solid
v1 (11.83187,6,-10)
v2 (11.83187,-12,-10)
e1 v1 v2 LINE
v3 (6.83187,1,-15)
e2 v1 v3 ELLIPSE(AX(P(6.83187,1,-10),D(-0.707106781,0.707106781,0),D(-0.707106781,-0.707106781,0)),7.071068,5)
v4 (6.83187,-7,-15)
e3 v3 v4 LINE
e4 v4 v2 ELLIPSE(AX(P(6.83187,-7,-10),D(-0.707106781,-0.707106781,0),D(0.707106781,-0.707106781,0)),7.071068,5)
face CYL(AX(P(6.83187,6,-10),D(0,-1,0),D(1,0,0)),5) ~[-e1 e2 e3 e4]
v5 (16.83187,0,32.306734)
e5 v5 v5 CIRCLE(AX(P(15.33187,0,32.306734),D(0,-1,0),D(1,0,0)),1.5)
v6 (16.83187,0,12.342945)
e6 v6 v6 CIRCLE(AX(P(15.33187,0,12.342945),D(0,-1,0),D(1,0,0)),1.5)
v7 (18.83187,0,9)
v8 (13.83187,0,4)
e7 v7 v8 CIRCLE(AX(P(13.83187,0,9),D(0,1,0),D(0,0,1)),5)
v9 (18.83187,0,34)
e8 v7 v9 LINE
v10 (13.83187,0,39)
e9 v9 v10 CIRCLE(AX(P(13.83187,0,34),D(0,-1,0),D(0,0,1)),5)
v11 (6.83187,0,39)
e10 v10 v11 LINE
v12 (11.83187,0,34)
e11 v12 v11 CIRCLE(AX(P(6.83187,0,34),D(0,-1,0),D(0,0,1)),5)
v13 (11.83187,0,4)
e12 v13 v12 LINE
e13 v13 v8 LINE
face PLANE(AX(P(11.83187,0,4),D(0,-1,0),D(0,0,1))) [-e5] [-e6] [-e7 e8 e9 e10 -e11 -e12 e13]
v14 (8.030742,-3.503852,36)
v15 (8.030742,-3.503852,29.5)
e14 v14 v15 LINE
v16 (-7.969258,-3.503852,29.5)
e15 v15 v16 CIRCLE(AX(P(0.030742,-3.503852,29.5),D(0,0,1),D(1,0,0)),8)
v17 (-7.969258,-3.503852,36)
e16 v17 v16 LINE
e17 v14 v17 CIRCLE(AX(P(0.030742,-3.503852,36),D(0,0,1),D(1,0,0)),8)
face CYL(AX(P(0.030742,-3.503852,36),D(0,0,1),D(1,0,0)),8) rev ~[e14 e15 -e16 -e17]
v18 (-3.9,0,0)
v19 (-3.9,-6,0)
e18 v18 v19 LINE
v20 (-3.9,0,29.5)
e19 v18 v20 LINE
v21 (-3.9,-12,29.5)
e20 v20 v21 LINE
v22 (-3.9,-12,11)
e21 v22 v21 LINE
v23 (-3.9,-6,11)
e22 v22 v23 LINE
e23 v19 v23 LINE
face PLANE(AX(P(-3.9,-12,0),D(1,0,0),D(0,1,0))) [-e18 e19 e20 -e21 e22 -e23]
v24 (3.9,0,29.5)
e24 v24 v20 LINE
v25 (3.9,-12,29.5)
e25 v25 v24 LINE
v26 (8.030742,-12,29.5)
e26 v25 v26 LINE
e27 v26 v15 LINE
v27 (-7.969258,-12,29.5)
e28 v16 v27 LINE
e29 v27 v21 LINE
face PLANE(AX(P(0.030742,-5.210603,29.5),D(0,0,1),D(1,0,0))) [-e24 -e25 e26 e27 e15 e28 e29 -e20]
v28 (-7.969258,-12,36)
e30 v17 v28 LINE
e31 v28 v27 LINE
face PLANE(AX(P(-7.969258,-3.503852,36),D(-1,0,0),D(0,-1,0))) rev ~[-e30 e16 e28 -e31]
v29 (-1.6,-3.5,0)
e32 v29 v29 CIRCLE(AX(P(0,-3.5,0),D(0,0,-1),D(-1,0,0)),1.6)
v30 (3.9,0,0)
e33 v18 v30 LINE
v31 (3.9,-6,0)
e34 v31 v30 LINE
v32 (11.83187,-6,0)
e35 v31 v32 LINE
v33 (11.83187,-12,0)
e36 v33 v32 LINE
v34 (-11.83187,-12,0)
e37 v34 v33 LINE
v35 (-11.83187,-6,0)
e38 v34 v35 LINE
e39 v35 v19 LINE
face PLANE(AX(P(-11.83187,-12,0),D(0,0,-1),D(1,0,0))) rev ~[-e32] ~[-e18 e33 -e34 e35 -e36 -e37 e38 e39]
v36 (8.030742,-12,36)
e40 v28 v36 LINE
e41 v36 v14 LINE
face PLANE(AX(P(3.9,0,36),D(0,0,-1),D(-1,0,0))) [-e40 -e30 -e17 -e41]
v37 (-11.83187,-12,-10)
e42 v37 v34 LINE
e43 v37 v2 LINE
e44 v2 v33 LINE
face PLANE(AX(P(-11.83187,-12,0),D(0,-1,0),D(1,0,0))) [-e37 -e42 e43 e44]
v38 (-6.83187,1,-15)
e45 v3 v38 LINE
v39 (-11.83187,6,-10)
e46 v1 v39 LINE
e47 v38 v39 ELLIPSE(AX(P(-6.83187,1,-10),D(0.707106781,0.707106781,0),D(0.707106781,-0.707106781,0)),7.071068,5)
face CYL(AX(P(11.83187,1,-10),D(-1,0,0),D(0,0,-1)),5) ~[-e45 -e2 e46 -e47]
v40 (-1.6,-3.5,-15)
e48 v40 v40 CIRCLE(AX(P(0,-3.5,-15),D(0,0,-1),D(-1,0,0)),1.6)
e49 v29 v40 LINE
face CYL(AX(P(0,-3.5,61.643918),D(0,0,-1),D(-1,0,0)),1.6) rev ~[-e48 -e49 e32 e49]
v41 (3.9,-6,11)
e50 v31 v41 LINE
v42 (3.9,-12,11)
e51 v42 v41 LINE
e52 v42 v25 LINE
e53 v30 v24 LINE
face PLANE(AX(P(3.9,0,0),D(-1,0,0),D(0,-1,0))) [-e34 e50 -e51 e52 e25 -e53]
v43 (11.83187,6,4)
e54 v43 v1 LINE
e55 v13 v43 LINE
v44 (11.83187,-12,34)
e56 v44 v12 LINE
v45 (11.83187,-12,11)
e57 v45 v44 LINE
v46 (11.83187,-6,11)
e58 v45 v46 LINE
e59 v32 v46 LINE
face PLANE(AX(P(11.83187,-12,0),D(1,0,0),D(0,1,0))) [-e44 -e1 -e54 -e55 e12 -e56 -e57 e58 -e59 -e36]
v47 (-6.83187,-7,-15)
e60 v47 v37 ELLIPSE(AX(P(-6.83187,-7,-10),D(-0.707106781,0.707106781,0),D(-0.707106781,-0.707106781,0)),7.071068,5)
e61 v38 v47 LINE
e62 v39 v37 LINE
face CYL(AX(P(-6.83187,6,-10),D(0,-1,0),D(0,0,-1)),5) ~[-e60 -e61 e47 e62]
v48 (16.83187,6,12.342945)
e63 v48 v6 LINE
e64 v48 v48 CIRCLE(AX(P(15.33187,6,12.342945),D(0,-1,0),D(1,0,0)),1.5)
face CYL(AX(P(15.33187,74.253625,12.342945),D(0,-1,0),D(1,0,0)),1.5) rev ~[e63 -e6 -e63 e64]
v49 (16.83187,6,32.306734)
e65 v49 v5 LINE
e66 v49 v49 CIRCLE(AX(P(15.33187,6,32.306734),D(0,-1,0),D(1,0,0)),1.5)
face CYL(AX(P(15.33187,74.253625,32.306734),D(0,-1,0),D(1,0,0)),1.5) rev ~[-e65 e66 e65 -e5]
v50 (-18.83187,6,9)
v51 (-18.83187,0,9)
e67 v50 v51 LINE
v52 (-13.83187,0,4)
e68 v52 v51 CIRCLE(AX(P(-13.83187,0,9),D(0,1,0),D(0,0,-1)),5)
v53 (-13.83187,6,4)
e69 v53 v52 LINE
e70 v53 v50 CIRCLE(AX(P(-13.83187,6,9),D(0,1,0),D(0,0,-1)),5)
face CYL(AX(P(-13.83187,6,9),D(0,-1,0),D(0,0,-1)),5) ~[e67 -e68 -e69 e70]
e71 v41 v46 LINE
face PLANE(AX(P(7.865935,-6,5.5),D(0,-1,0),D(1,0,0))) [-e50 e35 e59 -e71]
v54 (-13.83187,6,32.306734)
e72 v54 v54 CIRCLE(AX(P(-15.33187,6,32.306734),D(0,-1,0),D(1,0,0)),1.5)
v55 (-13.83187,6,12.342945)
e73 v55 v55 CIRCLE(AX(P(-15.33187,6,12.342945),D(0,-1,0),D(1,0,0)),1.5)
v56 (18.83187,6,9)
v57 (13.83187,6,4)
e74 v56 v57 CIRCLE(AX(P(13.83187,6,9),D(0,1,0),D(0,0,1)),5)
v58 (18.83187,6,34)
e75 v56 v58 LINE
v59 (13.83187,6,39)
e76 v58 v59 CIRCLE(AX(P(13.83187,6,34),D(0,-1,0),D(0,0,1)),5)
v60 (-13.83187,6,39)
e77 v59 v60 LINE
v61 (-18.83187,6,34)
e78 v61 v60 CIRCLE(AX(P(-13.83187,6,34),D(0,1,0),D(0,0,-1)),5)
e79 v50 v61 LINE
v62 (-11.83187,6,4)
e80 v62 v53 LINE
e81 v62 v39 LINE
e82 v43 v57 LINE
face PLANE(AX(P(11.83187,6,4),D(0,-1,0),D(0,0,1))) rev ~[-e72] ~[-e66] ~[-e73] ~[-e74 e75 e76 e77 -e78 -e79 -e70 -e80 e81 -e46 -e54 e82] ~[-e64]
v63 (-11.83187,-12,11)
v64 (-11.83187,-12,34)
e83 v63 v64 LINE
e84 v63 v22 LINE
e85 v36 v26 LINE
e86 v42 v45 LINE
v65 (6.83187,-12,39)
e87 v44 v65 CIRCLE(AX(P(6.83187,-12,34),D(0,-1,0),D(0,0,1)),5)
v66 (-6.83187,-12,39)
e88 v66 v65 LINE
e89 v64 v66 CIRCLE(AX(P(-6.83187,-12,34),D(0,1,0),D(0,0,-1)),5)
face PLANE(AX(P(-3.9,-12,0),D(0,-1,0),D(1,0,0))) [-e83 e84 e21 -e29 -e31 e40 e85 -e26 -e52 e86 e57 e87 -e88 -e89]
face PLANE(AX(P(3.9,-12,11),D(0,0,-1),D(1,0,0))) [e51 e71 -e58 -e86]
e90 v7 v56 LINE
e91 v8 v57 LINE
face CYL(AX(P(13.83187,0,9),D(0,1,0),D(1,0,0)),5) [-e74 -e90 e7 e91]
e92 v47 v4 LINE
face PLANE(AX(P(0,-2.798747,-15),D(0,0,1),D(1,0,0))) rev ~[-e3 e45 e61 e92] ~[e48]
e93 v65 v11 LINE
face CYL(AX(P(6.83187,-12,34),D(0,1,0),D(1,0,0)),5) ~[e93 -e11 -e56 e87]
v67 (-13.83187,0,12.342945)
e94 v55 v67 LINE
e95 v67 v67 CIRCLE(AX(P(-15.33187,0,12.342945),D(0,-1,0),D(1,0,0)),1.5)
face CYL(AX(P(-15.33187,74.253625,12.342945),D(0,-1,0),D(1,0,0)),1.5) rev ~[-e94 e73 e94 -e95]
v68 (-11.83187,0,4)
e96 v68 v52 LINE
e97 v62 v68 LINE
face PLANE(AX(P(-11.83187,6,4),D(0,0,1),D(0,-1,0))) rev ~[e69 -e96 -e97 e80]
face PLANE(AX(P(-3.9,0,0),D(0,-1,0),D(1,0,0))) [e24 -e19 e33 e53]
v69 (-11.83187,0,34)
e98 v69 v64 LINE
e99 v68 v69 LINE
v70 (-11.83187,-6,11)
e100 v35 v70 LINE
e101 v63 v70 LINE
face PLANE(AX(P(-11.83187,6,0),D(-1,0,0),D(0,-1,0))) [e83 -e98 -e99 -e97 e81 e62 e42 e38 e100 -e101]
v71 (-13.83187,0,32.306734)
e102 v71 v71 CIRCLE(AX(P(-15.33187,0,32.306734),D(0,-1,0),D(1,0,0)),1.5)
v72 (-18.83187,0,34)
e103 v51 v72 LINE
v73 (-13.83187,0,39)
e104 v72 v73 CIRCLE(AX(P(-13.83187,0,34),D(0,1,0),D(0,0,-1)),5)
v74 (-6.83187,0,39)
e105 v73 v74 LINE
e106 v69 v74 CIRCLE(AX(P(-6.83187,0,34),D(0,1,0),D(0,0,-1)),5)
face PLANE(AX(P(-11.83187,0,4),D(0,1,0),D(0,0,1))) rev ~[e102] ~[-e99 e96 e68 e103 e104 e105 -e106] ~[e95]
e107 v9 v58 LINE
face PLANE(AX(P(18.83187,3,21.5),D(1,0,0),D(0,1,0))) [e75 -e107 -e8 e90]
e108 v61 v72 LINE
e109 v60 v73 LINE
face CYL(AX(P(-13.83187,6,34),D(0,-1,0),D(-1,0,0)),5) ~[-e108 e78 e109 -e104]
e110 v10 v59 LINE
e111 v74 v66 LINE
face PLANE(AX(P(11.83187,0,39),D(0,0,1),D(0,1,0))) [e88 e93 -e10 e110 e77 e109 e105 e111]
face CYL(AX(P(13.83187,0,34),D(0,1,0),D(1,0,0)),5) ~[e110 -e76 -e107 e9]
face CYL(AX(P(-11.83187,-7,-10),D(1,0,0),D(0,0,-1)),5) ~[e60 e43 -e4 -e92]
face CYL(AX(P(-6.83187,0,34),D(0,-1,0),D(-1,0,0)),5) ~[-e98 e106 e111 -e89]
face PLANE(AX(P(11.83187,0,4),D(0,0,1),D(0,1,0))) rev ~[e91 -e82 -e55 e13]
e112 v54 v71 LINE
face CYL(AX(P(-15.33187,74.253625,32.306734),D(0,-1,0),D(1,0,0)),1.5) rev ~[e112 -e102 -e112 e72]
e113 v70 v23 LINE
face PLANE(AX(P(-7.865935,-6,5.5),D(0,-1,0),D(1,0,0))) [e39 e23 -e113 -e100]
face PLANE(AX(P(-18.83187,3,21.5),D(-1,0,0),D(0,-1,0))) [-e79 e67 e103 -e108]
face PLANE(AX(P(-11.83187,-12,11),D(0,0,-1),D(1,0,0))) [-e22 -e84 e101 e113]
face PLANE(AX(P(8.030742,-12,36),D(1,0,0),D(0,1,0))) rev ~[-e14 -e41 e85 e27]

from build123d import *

# Parameters (mm, degrees)
F1_DEPTH      = 39
F1_DEPTH_BACK = 15
F2_W          = 23.6637403975
F2_H          = 12
F3_DEPTH      = 15
F4_D          = 3.2
F5_W          = 7.9318701987
F5_H          = 11
F6_DEPTH      = 6
F9_DEPTH      = 6.5
F10_DEPTH     = 12
F11_W         = 6
F11_H         = 35
F12_DEPTH     = 7
F13_W         = 6
F13_H         = 35
F14_DEPTH     = 7
F15_R         = 5
F16_R         = 5
F18_D         = 3


with BuildPart() as f1:
    # F0 (on Top) → F1 (new body, two sides)
    with BuildSketch(Plane.XY) as f1_sk:
        Polygon((-11.8318701987, 6), (-11.8318701987, 0), (-11.8318701987, -2.6806737598), (-11.8318701987, -12), (-3.9, -12), (-3.9, 0), (0, 0), (3.9, 0), (3.9, -12), (11.8318701987, -12), (11.8318701987, -2.6806737598), (11.8318701987, 0), (11.8318701987, 6), (0, 6), align=None)
    extrude(amount=F1_DEPTH)
    extrude(f1_sk.sketch, amount=-F1_DEPTH_BACK)

    # F2 (on Top) → F3 (join, through all)
    with BuildSketch(Plane.XY):
        with Locations((0, -6)):
            Rectangle(F2_W, F2_H)
    extrude(amount=-F3_DEPTH)

    # F4 (through all)
    with Locations(Plane.XY):
        with Locations((0, -3.5)):
            Hole(F4_D / 2)

    # F5 (on face) → F6 (cut)
    with BuildSketch(Plane.XZ.offset(12)):
        with Locations((7.8659350994, 5.5)):
            Rectangle(F5_W, F5_H)
        with Locations((-7.8659350994, 5.5)):
            Rectangle(F5_W, F5_H)
    extrude(amount=-F6_DEPTH, mode=Mode.SUBTRACT)

    # F8 (on offset) → F9 (cut)
    with BuildSketch(Plane.XY.offset(36)):
        with BuildLine():
            Line((8.0307415794, -12), (8.0307415794, -3.5038522084))
            ThreePointArc((8.0307415794, -3.5038522084), (0.0307415794, 4.4961477916), (-7.9692584206, -3.5038522084))
            Line((-7.9692584206, -3.5038522084), (-7.9692584206, -12))
            Line((-7.9692584206, -12), (3.9, -12))
            Line((3.9, -12), (8.0307415794, -12))
        make_face()
    extrude(amount=-F9_DEPTH, mode=Mode.SUBTRACT)

    # F10 (add, through all): a face of the model
    f10_faces = [f1.faces().sort_by_distance(p)[0] for p in [
        (0, 0, 37.5),
    ]]
    extrude(f10_faces, amount=F10_DEPTH)

    # F11 (on face) → F12 (join)
    with BuildSketch(Plane(origin=(-11.8318701987, 0, 0), x_dir=(0, -1, 0), z_dir=(-1, 0, 0))):
        with Locations((-3, 21.5)):
            Rectangle(F11_W, F11_H)
    extrude(amount=F12_DEPTH)

    # F13 (on face) → F14 (join)
    with BuildSketch(Plane.YZ.offset(11.8318701987)):
        with Locations((3, 21.5)):
            Rectangle(F13_W, F13_H)
    extrude(amount=F14_DEPTH)

    # F15
    f15_edges = [f1.edges().sort_by_distance(p)[0] for p in [
        (-18.83187, 3, 39),
        (-18.83187, 3, 4),
        (18.83187, 3, 4),
        (18.83187, 3, 39),
        (-11.83187, -6, 39),
        (11.83187, -6, 39),
    ]]
    fillet(f15_edges, radius=F15_R)

    # F16
    f16_edges = [f1.edges().sort_by_distance(p)[0] for p in [
        (-11.83187, -3, -15),
        (0, -12, -15),
        (11.83187, -3, -15),
        (0, 6, -15),
    ]]
    fillet(f16_edges, radius=F16_R)

    # F18 (through all)
    with Locations(Plane(origin=(0, 6, 0), x_dir=(-1, 0, 0), z_dir=(0, 1, 0))):
        with Locations((-15.3318701987, 32.3067344725), (-15.3318701987, 12.3429447412), (15.3318701987, 12.3429447412), (15.3318701987, 32.3067344725)):
            Hole(F18_D / 2)


solid = f1.part
